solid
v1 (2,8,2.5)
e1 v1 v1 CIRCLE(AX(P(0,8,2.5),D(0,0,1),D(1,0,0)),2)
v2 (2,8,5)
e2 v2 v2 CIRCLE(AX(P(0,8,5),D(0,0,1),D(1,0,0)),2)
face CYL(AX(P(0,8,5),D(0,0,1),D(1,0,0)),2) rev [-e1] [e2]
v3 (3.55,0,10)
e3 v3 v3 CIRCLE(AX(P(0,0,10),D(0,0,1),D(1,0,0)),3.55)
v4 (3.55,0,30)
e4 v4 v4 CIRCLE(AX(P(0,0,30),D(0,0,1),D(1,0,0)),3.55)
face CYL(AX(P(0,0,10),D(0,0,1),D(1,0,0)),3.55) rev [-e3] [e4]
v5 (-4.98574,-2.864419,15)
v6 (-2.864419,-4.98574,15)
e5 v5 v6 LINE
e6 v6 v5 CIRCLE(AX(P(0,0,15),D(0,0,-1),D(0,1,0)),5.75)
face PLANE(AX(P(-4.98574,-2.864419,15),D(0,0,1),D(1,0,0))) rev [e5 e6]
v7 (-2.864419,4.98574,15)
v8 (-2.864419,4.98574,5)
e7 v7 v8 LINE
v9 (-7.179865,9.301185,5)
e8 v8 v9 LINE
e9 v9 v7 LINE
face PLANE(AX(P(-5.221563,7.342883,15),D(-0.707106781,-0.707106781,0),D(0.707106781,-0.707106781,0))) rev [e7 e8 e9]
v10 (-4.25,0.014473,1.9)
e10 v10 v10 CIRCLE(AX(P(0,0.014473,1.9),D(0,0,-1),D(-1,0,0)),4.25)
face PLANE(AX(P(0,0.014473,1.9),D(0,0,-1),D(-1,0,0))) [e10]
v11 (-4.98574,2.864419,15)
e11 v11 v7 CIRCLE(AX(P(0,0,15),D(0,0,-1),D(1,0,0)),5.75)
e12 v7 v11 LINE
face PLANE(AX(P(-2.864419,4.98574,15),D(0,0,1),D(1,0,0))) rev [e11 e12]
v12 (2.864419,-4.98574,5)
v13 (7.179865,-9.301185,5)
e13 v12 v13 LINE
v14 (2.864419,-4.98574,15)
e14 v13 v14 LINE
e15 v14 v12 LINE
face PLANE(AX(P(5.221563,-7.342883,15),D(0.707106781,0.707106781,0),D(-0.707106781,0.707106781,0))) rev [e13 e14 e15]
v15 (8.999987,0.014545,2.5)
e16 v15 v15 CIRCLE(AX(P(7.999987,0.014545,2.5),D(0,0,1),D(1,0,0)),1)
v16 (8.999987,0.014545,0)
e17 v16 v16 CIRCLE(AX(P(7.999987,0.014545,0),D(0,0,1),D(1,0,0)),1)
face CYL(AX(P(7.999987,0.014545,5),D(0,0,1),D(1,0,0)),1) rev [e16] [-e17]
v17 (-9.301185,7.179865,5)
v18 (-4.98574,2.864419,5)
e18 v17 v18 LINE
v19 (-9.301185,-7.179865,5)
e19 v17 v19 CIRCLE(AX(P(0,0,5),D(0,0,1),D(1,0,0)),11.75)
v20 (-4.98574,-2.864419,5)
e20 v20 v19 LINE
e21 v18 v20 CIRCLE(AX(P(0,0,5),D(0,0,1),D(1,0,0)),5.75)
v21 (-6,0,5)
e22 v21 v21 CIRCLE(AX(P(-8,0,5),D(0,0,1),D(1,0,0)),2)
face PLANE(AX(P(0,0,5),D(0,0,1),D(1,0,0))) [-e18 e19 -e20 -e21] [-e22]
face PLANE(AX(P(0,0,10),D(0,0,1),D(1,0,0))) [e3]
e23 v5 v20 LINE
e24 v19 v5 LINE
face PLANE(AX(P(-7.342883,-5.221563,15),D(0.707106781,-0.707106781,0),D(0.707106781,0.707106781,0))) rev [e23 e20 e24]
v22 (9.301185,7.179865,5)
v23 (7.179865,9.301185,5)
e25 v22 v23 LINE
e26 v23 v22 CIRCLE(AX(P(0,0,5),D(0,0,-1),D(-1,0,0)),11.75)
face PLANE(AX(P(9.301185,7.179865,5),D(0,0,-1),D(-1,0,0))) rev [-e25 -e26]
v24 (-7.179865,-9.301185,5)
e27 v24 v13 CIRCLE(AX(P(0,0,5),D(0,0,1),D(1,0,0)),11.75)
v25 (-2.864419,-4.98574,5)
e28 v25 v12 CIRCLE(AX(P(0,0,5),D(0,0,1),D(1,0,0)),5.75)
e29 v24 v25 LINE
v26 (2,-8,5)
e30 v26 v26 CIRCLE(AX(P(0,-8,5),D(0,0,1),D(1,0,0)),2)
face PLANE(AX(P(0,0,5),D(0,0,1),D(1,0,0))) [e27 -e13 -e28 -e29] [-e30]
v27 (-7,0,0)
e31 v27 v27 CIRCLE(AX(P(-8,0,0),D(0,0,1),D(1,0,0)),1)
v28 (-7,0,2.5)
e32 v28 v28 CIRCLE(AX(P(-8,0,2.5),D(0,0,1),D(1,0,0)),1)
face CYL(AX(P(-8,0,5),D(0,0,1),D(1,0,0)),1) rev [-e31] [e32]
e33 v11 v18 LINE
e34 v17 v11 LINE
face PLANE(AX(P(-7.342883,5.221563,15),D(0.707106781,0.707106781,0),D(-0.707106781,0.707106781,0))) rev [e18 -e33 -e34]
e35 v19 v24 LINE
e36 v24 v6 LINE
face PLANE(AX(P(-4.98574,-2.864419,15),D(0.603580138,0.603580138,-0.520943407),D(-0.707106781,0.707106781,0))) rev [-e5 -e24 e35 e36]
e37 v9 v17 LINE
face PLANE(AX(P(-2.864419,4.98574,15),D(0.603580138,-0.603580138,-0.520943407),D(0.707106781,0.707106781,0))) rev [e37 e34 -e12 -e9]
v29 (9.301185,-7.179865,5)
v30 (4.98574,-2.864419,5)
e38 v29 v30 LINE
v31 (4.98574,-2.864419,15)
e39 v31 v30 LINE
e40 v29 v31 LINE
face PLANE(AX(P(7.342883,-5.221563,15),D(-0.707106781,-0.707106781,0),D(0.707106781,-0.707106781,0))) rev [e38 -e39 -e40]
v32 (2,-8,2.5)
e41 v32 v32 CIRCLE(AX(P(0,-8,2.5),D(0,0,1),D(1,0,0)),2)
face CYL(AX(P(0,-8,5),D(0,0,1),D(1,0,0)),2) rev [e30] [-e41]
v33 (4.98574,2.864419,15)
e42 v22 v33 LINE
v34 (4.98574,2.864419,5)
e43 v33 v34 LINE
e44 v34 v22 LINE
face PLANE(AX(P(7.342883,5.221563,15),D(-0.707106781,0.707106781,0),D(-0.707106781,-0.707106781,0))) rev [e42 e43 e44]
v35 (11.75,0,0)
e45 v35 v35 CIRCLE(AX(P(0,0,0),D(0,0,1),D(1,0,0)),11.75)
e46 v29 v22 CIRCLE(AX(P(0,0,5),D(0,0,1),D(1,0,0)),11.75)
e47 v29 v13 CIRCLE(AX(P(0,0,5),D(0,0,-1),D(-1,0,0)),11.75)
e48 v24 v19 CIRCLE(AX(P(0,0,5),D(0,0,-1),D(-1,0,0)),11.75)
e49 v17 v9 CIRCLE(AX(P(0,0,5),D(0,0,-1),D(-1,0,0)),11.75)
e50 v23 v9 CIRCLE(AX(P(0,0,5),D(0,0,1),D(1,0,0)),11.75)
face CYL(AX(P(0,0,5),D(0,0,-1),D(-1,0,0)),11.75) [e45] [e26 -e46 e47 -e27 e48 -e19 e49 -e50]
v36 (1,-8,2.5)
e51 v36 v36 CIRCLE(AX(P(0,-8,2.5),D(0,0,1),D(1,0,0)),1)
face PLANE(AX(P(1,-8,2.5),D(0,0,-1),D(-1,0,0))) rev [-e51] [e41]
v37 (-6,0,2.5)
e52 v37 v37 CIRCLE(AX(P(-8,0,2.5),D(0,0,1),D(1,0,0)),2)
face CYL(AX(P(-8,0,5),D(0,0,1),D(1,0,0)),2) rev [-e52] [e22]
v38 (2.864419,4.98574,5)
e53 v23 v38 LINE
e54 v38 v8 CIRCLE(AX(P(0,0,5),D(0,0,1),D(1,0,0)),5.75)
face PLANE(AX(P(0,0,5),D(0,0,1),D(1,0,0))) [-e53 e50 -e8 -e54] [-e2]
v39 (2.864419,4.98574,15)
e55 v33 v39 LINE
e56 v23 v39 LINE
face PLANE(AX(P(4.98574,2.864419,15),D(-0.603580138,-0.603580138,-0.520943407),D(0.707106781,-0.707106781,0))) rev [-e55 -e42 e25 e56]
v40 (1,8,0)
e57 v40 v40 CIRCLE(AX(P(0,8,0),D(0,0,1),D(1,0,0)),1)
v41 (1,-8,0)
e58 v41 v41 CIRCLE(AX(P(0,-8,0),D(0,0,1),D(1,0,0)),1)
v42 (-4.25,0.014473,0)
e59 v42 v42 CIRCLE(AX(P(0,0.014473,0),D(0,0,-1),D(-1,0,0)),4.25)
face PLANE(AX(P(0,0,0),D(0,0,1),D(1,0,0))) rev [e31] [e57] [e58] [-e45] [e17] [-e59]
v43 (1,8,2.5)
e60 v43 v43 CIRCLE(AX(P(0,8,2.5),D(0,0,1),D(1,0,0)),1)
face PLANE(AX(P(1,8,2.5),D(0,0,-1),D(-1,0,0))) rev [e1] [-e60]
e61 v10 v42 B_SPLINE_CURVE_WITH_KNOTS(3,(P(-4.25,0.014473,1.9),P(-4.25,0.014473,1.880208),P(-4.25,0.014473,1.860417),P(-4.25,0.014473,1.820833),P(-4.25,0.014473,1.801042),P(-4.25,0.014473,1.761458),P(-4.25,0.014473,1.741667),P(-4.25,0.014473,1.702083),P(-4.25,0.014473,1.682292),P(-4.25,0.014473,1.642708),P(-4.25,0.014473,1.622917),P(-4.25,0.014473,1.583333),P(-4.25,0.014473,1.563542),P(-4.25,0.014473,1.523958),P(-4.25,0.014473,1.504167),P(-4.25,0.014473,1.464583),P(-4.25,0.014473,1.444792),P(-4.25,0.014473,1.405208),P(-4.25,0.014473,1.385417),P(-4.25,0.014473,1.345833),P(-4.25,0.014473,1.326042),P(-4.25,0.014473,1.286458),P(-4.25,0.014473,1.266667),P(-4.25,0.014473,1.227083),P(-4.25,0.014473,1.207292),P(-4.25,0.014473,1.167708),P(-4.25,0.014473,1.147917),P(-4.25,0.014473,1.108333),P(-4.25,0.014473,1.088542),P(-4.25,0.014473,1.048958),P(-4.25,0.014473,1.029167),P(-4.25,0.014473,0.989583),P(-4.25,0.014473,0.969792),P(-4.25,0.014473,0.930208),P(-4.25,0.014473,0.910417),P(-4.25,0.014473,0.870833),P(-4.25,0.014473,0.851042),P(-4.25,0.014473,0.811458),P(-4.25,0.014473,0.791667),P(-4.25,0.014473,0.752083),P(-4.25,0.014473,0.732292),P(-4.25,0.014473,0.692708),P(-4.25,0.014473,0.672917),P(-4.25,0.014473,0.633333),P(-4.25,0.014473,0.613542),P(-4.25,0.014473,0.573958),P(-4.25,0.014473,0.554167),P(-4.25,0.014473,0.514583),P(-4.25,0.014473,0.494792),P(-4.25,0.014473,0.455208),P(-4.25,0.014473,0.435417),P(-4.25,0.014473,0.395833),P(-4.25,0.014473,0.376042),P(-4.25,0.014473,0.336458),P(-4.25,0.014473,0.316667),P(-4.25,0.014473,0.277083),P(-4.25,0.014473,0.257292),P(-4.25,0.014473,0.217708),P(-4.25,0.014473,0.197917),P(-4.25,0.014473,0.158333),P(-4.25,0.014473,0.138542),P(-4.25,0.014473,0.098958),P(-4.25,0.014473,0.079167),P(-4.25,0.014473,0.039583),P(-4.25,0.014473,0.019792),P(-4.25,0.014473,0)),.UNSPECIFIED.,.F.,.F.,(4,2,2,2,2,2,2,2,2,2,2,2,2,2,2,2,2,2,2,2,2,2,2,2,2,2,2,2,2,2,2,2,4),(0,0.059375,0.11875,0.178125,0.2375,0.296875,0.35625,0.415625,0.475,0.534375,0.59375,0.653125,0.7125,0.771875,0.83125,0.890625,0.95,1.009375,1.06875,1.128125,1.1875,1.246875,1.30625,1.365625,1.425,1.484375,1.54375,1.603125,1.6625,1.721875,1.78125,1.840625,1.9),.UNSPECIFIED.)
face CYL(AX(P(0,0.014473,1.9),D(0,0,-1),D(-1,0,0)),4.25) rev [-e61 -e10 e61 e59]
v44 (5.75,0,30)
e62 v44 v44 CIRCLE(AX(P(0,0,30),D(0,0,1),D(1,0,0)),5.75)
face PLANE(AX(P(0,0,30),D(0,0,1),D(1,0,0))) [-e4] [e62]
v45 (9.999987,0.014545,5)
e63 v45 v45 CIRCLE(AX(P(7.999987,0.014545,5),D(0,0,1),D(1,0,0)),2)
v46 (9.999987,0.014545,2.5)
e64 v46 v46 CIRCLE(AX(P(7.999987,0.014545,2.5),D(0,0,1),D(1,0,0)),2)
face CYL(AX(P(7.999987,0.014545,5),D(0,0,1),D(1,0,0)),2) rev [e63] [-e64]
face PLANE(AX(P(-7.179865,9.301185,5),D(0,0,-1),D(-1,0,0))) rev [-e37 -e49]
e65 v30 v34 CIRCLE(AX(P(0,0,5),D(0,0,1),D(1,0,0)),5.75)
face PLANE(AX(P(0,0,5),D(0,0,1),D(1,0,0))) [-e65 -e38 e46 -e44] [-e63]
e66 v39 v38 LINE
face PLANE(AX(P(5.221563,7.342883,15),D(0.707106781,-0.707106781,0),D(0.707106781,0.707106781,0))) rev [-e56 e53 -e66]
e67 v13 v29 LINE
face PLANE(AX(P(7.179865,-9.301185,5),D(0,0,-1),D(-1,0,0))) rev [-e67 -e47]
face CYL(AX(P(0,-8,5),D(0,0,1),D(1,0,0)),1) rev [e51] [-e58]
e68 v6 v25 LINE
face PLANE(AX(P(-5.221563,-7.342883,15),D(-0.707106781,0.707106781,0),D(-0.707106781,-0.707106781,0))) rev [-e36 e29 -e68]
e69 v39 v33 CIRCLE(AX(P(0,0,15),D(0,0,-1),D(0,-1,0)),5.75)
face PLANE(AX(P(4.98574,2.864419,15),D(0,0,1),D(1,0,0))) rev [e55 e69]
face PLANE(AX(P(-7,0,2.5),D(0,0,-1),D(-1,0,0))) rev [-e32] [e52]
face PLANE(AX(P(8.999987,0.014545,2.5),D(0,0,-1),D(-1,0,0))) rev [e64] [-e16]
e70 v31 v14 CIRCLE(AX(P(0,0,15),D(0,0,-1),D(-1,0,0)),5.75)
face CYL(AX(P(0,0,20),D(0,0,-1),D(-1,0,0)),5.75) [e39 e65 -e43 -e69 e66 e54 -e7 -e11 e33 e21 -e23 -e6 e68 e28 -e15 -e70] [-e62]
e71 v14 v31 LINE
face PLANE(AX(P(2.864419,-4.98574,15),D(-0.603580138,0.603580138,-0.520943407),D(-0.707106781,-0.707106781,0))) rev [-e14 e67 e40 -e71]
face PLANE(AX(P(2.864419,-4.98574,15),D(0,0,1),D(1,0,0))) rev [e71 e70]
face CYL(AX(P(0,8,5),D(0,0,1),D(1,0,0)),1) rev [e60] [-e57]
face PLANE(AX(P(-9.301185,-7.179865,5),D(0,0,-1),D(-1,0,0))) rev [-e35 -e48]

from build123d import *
from build123d.topology import SkipClean

# Parameters (mm, degrees)
CROQUIS1_R                                           = 11.75
SALIENTE_EXTRUIR1_DEPTH                              = 5
REFRENTADO_PARA_TORNILLO_CON_CABEZA_PLAN_D           = 2
REFRENTADO_PARA_TORNILLO_CON_CABEZA_PLAN_CBORE_D     = 4
REFRENTADO_PARA_TORNILLO_CON_CABEZA_PLAN_CBORE_DEPTH = 2.5
CROQUIS6_R                                           = 4.25
CORTAR_EXTRUIR1_DEPTH                                = 1.9
CROQUIS7_R                                           = 5.75
SALIENTE_EXTRUIR2_DEPTH                              = 15
CROQUIS8_R                                           = 5.75
SALIENTE_EXTRUIR3_DEPTH                              = 10
CROQUIS9_R                                           = 3.55
CORTAR_EXTRUIR2_DEPTH                                = 20
SALIENTE_EXTRUIR4_DEPTH                              = 10
CORTAR_EXTRUIR3_DEPTH                                = 3
MATRIZC1_COUNT                                       = 4


with BuildPart() as part:
    # Croquis1 → Saliente-Extruir1 (new body)
    with BuildSketch(Plane.XY):
        Circle(CROQUIS1_R)
    extrude(amount=SALIENTE_EXTRUIR1_DEPTH)

    # Refrentado para tornillo con cabeza plana de M21 (through all)
    with Locations(Plane(origin=(0, 8, 5), x_dir=(1, 0, 0), z_dir=(0, 0, 1))):
        with Locations((0, 0), (7.999986777, -7.985454569), (0, -16), (-8, -8)):
            CounterBoreHole(REFRENTADO_PARA_TORNILLO_CON_CABEZA_PLAN_D / 2, REFRENTADO_PARA_TORNILLO_CON_CABEZA_PLAN_CBORE_D / 2, REFRENTADO_PARA_TORNILLO_CON_CABEZA_PLAN_CBORE_DEPTH)

    # Croquis6 → Cortar-Extruir1 (cut)
    with BuildSketch(Plane(origin=(0, 0, 0), x_dir=(-1, 0, 0), z_dir=(0, 0, -1))):
        with Locations((0, 0.014473443)):
            Circle(CROQUIS6_R)
    extrude(amount=-CORTAR_EXTRUIR1_DEPTH, mode=Mode.SUBTRACT)

    # Croquis7 → Saliente-Extruir2 (add)
    with BuildSketch(Plane.XY.offset(5)):
        Circle(CROQUIS7_R)
    extrude(amount=SALIENTE_EXTRUIR2_DEPTH)

    # Croquis8 → Saliente-Extruir3 (add)
    with BuildSketch(Plane.XY.offset(20)):
        Circle(CROQUIS8_R)
    extrude(amount=SALIENTE_EXTRUIR3_DEPTH)

    # Croquis9 → Cortar-Extruir2 (cut)
    with BuildSketch(Plane.XY.offset(30)):
        Circle(CROQUIS9_R)
    extrude(amount=-CORTAR_EXTRUIR2_DEPTH, mode=Mode.SUBTRACT)

    # Croquis10 → Saliente-Extruir4 (add)
    with SkipClean():  # the faces are left unmerged after this step: merging them gives an invalid solid
        with BuildSketch(Plane.XY.offset(5)):
            with BuildLine():
                Line((-7.342883246, 5.221562902), (-9.301185034, 7.17986469))
                ThreePointArc((-9.301185034, 7.17986469), (-8.308504679, 8.308504679), (-7.17986469, 9.301185034))
                Line((-7.17986469, 9.301185034), (-5.221562902, 7.342883246))
                Line((-5.221562902, 7.342883246), (-2.864419445, 4.985739789))
                ThreePointArc((-2.864419445, 4.985739789), (-4.065863992, 4.065863992), (-4.985739789, 2.864419445))
                Line((-4.985739789, 2.864419445), (-7.342883246, 5.221562902))
            make_face()
        saliente_extruir4 = extrude(amount=SALIENTE_EXTRUIR4_DEPTH)

    # Croquis11 → Cortar-Extruir3 (cut)
    with BuildSketch(Plane(origin=(-1.060660172, -1.060660172, 0), x_dir=(0, 0, 1), z_dir=(-0.7071067811865472, -0.7071067811865478, 0))):
        Polygon((15, 5.550900828), (15, 11.784165538), (5, 11.780723295), (5, 11.653862021), align=None)
    cortar_extruir3 = extrude(amount=-CORTAR_EXTRUIR3_DEPTH, mode=Mode.SUBTRACT)

    # MatrizC1: Saliente-Extruir4, Cortar-Extruir3 ×4 about axis
    with SkipClean():  # the faces are left unmerged after this step: merging them gives an invalid solid
        matrizc1_axis = Axis((0, 0, 0), (0, 0, 1))
        add([saliente_extruir4.rotate(matrizc1_axis, i * 360 / MATRIZC1_COUNT) for i in range(1, MATRIZC1_COUNT)])
        add([cortar_extruir3.rotate(matrizc1_axis, i * 360 / MATRIZC1_COUNT) for i in range(1, MATRIZC1_COUNT)], mode=Mode.SUBTRACT)


solid = part.part
